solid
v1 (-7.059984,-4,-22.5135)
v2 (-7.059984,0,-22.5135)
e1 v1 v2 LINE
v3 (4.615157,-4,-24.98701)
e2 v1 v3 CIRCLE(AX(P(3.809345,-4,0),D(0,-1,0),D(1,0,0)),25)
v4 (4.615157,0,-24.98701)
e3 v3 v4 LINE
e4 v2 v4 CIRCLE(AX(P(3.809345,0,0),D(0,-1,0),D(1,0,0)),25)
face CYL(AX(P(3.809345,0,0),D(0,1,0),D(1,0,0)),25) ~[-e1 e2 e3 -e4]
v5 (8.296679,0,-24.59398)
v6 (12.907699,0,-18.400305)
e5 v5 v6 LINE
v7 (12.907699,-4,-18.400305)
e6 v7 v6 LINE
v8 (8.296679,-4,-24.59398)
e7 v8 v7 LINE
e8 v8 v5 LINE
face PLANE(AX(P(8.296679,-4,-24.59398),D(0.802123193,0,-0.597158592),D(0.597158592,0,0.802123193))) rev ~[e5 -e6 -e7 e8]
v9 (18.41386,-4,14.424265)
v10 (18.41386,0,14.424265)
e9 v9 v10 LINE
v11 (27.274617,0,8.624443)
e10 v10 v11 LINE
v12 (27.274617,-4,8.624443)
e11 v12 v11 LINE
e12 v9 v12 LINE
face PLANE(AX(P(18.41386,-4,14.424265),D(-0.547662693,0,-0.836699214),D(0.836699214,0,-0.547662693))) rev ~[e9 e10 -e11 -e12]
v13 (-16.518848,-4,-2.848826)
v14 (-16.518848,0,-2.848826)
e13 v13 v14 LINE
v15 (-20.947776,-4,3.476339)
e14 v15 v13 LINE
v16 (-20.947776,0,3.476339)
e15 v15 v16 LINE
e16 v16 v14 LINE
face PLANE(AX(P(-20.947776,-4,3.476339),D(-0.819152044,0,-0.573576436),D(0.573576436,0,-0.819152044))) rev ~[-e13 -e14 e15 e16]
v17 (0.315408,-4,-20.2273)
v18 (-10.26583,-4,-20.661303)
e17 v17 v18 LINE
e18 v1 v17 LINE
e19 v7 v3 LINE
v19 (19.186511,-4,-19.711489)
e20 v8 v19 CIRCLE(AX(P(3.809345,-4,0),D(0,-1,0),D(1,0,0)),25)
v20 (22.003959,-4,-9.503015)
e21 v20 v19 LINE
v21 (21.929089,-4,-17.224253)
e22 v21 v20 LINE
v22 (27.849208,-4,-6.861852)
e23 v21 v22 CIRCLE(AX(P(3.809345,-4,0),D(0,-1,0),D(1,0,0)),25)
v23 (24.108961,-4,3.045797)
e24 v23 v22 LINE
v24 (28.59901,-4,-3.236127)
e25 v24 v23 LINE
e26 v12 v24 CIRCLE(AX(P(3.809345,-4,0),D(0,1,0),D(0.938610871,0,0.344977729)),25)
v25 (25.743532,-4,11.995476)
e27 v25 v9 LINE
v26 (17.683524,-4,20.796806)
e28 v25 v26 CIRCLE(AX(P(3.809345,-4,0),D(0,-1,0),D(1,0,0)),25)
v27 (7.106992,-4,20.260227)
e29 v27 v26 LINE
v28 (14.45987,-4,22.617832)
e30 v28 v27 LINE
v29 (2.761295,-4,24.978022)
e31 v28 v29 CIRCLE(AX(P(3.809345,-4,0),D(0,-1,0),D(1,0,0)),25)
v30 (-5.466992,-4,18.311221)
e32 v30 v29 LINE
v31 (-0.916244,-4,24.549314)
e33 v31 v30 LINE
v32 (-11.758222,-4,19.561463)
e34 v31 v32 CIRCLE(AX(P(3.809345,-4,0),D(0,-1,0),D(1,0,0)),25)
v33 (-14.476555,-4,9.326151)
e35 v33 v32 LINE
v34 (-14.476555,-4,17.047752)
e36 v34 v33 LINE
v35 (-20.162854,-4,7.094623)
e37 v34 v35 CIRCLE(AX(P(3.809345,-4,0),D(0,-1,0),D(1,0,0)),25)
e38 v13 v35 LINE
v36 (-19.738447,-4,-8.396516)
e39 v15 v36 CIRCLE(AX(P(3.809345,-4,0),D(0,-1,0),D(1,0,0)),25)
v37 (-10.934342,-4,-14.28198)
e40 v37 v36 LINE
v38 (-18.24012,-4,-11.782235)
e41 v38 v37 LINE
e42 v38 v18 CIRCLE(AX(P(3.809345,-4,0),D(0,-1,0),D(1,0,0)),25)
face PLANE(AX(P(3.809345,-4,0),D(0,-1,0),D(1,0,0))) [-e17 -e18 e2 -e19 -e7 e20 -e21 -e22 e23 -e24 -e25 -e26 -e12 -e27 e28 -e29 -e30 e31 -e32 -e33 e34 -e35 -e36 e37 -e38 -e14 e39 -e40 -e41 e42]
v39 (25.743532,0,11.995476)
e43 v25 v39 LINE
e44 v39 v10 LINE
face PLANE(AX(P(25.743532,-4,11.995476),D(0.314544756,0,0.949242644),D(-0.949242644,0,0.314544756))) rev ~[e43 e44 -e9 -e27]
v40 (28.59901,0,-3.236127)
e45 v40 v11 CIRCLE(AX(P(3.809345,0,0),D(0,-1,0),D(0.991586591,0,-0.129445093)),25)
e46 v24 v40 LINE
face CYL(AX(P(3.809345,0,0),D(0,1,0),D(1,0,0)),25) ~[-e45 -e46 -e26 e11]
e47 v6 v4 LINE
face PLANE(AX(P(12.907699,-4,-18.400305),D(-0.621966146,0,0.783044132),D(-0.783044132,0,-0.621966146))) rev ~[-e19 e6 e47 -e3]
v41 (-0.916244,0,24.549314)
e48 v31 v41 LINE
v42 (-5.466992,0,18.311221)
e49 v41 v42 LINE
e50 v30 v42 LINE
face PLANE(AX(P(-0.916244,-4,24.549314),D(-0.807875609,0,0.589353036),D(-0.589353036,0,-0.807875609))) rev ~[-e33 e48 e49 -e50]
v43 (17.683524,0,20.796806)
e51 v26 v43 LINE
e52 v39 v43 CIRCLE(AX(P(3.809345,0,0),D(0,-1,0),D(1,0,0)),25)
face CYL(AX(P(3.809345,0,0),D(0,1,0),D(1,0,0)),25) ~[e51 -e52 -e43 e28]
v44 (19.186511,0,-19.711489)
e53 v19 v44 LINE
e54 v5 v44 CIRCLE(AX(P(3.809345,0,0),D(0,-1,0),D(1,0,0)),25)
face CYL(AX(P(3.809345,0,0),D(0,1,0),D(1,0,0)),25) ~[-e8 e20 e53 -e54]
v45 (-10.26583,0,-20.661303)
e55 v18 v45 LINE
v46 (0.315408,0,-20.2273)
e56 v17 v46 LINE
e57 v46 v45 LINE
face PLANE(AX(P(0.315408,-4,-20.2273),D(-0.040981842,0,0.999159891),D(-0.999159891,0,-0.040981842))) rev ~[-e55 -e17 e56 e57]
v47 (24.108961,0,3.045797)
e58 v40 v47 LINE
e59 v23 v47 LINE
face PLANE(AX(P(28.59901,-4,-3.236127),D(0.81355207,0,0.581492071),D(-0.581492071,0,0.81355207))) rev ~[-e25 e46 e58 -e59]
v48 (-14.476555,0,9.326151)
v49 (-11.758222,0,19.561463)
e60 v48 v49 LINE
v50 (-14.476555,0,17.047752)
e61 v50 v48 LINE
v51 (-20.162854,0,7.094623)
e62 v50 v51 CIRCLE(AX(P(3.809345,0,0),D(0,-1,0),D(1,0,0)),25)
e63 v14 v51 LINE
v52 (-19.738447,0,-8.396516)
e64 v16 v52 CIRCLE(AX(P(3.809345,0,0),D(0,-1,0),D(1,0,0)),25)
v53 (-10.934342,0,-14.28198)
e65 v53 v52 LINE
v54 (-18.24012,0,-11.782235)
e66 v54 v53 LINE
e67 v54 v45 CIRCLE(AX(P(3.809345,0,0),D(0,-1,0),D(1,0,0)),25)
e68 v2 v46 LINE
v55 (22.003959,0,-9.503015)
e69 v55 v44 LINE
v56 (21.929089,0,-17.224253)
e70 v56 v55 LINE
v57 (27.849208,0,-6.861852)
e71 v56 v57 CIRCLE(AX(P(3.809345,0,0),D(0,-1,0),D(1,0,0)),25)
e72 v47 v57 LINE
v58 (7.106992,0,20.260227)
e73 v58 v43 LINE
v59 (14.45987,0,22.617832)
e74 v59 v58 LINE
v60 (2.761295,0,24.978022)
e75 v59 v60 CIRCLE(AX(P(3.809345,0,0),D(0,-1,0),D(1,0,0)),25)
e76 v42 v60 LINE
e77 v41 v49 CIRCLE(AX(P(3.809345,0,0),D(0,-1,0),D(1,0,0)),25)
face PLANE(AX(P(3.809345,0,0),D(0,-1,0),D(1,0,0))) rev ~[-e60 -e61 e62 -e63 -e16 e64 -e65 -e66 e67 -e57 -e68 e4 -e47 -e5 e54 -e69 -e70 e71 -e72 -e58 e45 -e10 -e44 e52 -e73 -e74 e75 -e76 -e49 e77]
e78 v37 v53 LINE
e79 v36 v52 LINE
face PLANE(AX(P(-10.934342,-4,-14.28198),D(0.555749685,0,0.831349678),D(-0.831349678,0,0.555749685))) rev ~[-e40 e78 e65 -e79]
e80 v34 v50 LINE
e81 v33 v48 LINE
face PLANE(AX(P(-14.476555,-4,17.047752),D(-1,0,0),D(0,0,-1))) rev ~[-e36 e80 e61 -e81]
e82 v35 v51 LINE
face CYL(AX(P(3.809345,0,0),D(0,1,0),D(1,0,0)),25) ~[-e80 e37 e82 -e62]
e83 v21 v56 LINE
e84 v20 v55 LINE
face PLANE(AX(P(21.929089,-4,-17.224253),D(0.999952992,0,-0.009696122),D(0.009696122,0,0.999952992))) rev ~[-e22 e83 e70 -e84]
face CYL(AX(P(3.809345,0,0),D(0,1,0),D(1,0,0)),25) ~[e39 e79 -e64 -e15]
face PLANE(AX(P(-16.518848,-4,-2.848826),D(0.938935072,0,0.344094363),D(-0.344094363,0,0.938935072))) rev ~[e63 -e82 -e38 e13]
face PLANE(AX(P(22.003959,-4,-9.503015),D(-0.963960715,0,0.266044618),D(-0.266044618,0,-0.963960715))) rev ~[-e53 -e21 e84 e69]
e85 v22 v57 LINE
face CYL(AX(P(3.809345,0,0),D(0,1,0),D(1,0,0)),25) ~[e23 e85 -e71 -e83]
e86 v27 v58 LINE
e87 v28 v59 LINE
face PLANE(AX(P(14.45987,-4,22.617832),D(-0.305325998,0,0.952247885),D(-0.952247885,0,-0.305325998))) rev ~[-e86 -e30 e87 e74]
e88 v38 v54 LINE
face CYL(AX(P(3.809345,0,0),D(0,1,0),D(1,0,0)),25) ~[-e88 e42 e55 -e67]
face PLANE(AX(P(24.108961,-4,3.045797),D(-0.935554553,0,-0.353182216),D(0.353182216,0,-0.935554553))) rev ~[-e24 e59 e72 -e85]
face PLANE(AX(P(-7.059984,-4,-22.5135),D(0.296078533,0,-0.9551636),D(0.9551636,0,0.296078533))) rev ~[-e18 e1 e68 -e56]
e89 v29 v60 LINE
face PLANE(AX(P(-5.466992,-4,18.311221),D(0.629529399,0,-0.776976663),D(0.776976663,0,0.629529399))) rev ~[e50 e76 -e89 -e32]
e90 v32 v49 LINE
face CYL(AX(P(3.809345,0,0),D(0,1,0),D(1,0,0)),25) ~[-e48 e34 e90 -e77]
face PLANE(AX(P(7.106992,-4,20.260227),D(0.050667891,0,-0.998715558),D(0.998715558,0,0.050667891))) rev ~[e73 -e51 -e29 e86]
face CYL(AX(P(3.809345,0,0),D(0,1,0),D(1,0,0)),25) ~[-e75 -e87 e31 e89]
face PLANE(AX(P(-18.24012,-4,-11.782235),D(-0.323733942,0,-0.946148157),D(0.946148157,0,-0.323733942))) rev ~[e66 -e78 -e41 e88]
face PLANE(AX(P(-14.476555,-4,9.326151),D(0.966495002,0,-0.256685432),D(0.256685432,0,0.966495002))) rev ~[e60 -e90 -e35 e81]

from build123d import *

# Parameters (mm, degrees)
F0_R     = 25
F1_DEPTH = 4
F3_DEPTH = 25


with BuildPart() as f1:
    # F0 (on Front) → F1 (new body)
    with BuildSketch(Plane.XZ):
        with Locations((3.8093454119, 0)):
            Circle(F0_R)
    extrude(amount=F1_DEPTH)

    # F2 (on face) → F3 (cut)
    with BuildSketch(Plane.XZ.offset(4)):
        with BuildLine():
            ThreePointArc((-11.7582220598, 19.5614632125), (-13.1639870123, 18.354998949), (-14.4765553037, 17.0477516118))
            Line((-14.4765553037, 17.0477516118), (-14.4765553037, 9.326151153))
            Line((-14.4765553037, 9.326151153), (-11.7582220598, 19.5614632125))
        make_face()
        with BuildLine():
            ThreePointArc((2.7612951022, 24.9780221504), (0.9145785092, 24.8318409422), (-0.9162435852, 24.5493138118))
            Line((-0.9162435852, 24.5493138118), (-5.4669922591, 18.3112211424))
            Line((-5.4669922591, 18.3112211424), (2.7612951022, 24.9780221504))
        make_face()
        with BuildLine():
            ThreePointArc((17.6835243201, 20.7968064765), (16.1054546899, 21.7670782749), (14.4598699542, 22.6178320573))
            Line((14.4598699542, 22.6178320573), (7.106992246, 20.2602266935))
            Line((7.106992246, 20.2602266935), (17.6835243201, 20.7968064765))
        make_face()
        with BuildLine():
            ThreePointArc((27.2746171782, 8.6244432247), (26.5715658455, 10.338342272), (25.7435324005, 11.9954758618))
            Line((25.7435324005, 11.9954758618), (18.4138599684, 14.4242647952))
            Line((18.4138599684, 14.4242647952), (27.2746171782, 8.6244432247))
        make_face()
        with BuildLine():
            ThreePointArc((27.8492079184, -6.8618518398), (28.2913215022, -5.0628891666), (28.5990101913, -3.2361273346))
            Line((28.5990101913, -3.2361273346), (24.1089607469, 3.0457967044))
            Line((24.1089607469, 3.0457967044), (27.8492079184, -6.8618518398))
        make_face()
        with BuildLine():
            Line((22.0039590385, -9.5030150632), (19.1865107481, -19.7114886861))
            ThreePointArc((19.1865107481, -19.7114886861), (20.603907642, -18.5187116048), (21.9290894609, -17.2242525411))
            Line((21.9290894609, -17.2242525411), (22.0039590385, -9.5030150632))
        make_face()
        with BuildLine():
            Line((12.9076991878, -18.4003048584), (4.6151565122, -24.9870099946))
            ThreePointArc((4.6151565122, -24.9870099946), (6.4632036846, -24.8587416469), (8.2966791322, -24.5939796715))
            Line((8.2966791322, -24.5939796715), (12.9076991878, -18.4003048584))
        make_face()
        with BuildLine():
            Line((0.3154079719, -20.2272999058), (-10.2658296583, -20.661303123))
            ThreePointArc((-10.2658296583, -20.661303123), (-8.6972420842, -21.6468304655), (-7.0599837172, -22.5135000452))
            Line((-7.0599837172, -22.5135000452), (0.3154079719, -20.2272999058))
        make_face()
        with BuildLine():
            Line((-10.934342035, -14.2819795819), (-19.7384469382, -8.3965156722))
            ThreePointArc((-19.7384469382, -8.3965156722), (-19.0520468287, -10.1171510229), (-18.2401200772, -11.7822354264))
            Line((-18.2401200772, -11.7822354264), (-10.934342035, -14.2819795819))
        make_face()
        with BuildLine():
            Line((-16.5188480842, -2.8488259856), (-20.1628536664, 7.0946227067))
            ThreePointArc((-20.1628536664, 7.0946227067), (-20.6223894281, 5.3000313871), (-20.9477761583, 3.4763388154))
            Line((-20.9477761583, 3.4763388154), (-16.5188480842, -2.8488259856))
        make_face()
    extrude(amount=-F3_DEPTH, mode=Mode.SUBTRACT)


solid = f1.part
